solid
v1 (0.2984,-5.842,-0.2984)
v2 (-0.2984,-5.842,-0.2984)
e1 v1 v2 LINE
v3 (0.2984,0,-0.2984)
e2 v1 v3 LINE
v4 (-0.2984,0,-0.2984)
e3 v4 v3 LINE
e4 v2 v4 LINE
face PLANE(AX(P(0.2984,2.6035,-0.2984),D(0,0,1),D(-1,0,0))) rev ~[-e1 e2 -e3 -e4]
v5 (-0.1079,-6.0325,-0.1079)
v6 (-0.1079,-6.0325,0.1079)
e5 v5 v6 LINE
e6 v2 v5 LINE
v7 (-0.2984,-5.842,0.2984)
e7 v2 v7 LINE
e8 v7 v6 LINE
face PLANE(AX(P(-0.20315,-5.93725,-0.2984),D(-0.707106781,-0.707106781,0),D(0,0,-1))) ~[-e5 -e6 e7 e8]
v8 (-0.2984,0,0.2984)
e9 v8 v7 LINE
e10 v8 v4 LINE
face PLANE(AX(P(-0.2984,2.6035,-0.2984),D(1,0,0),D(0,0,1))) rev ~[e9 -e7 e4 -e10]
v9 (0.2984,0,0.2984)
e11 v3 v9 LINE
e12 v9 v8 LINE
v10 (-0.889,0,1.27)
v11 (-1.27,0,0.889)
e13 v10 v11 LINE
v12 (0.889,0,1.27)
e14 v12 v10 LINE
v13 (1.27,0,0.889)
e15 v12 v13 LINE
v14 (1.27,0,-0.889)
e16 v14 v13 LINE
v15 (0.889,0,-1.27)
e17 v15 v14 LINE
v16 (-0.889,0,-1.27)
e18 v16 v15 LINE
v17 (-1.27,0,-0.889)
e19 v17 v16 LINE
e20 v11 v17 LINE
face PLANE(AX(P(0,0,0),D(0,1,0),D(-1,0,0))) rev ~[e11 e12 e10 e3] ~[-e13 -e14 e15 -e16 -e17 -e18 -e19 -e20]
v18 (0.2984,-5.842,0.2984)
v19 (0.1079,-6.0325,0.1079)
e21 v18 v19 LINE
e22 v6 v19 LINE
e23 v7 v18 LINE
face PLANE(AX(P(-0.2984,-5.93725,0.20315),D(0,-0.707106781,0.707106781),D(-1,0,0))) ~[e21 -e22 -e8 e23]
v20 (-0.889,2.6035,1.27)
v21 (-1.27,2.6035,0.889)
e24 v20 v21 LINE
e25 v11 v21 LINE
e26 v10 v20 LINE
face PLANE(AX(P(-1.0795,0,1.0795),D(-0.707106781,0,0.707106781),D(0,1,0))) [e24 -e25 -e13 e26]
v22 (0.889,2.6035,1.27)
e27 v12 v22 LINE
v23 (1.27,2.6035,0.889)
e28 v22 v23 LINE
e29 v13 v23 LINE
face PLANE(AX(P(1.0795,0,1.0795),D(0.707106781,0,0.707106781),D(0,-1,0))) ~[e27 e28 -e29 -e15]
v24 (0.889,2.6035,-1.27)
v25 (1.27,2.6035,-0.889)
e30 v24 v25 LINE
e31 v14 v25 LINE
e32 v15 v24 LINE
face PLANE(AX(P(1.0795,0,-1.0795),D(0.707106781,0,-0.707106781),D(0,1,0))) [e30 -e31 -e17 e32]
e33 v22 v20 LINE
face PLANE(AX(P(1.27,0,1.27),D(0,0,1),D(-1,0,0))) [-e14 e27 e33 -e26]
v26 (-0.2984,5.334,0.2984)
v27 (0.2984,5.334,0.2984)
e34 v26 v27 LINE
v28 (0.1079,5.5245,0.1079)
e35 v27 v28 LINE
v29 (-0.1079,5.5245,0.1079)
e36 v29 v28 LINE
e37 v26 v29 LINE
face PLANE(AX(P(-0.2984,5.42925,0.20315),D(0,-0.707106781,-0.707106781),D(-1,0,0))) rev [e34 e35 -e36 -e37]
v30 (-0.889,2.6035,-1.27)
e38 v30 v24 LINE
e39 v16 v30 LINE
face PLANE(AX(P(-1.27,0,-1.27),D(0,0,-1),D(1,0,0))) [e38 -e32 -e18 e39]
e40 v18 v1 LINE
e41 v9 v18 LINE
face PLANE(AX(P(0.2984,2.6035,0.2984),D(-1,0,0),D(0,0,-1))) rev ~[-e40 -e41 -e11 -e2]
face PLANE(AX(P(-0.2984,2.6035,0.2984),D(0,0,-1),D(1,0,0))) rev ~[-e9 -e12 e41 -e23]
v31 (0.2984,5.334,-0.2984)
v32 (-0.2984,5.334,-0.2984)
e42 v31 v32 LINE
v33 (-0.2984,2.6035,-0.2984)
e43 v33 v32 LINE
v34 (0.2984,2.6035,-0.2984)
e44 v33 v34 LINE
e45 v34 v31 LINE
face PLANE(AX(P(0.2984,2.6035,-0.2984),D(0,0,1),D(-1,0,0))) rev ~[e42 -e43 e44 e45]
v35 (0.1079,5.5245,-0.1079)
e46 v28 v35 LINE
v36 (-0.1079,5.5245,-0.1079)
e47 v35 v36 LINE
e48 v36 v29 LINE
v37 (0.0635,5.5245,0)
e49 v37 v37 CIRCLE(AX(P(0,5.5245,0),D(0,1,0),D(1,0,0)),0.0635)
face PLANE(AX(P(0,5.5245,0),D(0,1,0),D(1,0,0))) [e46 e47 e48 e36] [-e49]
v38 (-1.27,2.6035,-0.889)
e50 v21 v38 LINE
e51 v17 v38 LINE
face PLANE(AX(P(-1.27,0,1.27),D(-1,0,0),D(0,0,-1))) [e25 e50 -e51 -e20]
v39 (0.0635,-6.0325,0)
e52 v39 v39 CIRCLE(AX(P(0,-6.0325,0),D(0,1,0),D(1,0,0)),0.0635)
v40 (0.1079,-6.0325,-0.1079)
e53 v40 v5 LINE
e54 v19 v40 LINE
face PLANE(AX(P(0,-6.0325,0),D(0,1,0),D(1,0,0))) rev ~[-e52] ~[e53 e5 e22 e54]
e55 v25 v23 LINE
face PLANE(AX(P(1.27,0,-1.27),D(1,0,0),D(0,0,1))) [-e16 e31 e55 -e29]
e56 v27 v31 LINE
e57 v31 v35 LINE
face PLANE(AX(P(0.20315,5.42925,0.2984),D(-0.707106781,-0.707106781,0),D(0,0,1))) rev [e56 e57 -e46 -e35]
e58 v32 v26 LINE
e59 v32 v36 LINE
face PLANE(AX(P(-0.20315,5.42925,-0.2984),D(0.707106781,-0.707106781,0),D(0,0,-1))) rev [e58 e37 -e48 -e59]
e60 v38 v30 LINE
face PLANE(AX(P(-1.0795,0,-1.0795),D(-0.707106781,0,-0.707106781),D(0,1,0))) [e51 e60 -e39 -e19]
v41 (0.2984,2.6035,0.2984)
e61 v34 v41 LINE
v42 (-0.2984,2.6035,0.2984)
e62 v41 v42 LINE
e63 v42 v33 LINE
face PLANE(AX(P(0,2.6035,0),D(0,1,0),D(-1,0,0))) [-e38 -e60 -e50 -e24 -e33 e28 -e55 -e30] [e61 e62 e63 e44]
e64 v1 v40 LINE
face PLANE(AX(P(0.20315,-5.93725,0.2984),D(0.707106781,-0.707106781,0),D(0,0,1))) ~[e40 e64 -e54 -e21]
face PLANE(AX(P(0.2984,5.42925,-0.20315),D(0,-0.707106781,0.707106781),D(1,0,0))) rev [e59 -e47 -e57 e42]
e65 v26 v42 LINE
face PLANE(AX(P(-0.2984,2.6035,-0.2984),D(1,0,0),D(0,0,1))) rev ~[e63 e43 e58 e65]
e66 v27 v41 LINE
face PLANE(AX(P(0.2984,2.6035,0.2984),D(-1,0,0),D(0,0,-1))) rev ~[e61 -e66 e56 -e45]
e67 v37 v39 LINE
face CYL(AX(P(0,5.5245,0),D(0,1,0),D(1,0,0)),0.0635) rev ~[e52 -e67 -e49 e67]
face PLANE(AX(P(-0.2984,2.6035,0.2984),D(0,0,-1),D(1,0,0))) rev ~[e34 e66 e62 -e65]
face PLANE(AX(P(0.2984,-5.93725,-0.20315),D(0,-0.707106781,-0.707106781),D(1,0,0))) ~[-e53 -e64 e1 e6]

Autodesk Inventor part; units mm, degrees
ref_plane "YZ Plane" through (0, 0, 0) normal (1, 0, 0) x (0, 1, 0)
ref_plane "XZ Plane" through (0, 0, 0) normal (0, 1, 0) x (-1, 0, 0)
ref_plane "XY Plane" through (0, 0, 0) normal (0, 0, 1) x (1, 0, 0)
sketch "Sketch1" plane through (0, 0, 0) normal (0, 1, 0) x (-1, 0, 0)
  line L0 (-1.27, 1.27) -> (1.27, 1.27)
  line L1 (1.27, 1.27) -> (1.27, -1.27)
  line L2 (1.27, -1.27) -> (-1.27, -1.27)
  line L3 (-1.27, -1.27) -> (-1.27, 1.27)
  line L4 (-1.27, 1.27) -> (1.27, -1.27) construction
  line L5 (1.27, 1.27) -> (-1.27, -1.27) construction
  point P0 (0, 0)
  dimension "d0" = 2.54
extrude "Extrusion1" add sketch "Sketch1" along normal blind 2.6035
chamfer "Chamfer1" distance 0.381 angle 45 4 edges at (1.27, 1.3017, 1.27) (-1.27, 1.3017, 1.27) (1.27, 1.3017, -1.27) (-1.27, 1.3017, -1.27)
sketch "Sketch2" plane through (0, 2.6035, 0) normal (0, 1, 0) x (1, 0, 0)
  line L0 (0.2984, 0.2984) -> (-0.2984, 0.2984)
  line L1 (-0.2984, 0.2984) -> (-0.2984, -0.2984)
  line L2 (-0.2984, -0.2984) -> (0.2984, -0.2984)
  line L3 (0.2984, -0.2984) -> (0.2984, 0.2984)
  line L4 (0.2984, 0.2984) -> (-0.2984, -0.2984) construction
  line L5 (-0.2984, 0.2984) -> (0.2984, -0.2984) construction
  point P0 (0, 0)
  dimension "d6" = 0.5969
extrude "Extrusion2" add sketch "Sketch2" along normal blind 2.921 and the other way blind 8.636
chamfer "Chamfer2" distance 0.1905 angle 45 8 edges at (0.2984, 5.5245, 0) (0, 5.5245, -0.2984) (-0.2984, 5.5245, 0) (0, 5.5245, 0.2984) (0, -6.0325, -0.2984) (0.2984, -6.0325, 0) (0, -6.0325, 0.2984) (-0.2984, -6.0325, 0)
sketch "Sketch3" plane through (0, 5.5245, 0) normal (0, 1, 0) x (1, 0, 0)
  circle A0 centre (0, 0) radius 0.0635
  dimension "d14" = 0.127
extrude "Extrusion3" cut sketch "Sketch3" against normal through all
properties part number "Single Short Male Header"
